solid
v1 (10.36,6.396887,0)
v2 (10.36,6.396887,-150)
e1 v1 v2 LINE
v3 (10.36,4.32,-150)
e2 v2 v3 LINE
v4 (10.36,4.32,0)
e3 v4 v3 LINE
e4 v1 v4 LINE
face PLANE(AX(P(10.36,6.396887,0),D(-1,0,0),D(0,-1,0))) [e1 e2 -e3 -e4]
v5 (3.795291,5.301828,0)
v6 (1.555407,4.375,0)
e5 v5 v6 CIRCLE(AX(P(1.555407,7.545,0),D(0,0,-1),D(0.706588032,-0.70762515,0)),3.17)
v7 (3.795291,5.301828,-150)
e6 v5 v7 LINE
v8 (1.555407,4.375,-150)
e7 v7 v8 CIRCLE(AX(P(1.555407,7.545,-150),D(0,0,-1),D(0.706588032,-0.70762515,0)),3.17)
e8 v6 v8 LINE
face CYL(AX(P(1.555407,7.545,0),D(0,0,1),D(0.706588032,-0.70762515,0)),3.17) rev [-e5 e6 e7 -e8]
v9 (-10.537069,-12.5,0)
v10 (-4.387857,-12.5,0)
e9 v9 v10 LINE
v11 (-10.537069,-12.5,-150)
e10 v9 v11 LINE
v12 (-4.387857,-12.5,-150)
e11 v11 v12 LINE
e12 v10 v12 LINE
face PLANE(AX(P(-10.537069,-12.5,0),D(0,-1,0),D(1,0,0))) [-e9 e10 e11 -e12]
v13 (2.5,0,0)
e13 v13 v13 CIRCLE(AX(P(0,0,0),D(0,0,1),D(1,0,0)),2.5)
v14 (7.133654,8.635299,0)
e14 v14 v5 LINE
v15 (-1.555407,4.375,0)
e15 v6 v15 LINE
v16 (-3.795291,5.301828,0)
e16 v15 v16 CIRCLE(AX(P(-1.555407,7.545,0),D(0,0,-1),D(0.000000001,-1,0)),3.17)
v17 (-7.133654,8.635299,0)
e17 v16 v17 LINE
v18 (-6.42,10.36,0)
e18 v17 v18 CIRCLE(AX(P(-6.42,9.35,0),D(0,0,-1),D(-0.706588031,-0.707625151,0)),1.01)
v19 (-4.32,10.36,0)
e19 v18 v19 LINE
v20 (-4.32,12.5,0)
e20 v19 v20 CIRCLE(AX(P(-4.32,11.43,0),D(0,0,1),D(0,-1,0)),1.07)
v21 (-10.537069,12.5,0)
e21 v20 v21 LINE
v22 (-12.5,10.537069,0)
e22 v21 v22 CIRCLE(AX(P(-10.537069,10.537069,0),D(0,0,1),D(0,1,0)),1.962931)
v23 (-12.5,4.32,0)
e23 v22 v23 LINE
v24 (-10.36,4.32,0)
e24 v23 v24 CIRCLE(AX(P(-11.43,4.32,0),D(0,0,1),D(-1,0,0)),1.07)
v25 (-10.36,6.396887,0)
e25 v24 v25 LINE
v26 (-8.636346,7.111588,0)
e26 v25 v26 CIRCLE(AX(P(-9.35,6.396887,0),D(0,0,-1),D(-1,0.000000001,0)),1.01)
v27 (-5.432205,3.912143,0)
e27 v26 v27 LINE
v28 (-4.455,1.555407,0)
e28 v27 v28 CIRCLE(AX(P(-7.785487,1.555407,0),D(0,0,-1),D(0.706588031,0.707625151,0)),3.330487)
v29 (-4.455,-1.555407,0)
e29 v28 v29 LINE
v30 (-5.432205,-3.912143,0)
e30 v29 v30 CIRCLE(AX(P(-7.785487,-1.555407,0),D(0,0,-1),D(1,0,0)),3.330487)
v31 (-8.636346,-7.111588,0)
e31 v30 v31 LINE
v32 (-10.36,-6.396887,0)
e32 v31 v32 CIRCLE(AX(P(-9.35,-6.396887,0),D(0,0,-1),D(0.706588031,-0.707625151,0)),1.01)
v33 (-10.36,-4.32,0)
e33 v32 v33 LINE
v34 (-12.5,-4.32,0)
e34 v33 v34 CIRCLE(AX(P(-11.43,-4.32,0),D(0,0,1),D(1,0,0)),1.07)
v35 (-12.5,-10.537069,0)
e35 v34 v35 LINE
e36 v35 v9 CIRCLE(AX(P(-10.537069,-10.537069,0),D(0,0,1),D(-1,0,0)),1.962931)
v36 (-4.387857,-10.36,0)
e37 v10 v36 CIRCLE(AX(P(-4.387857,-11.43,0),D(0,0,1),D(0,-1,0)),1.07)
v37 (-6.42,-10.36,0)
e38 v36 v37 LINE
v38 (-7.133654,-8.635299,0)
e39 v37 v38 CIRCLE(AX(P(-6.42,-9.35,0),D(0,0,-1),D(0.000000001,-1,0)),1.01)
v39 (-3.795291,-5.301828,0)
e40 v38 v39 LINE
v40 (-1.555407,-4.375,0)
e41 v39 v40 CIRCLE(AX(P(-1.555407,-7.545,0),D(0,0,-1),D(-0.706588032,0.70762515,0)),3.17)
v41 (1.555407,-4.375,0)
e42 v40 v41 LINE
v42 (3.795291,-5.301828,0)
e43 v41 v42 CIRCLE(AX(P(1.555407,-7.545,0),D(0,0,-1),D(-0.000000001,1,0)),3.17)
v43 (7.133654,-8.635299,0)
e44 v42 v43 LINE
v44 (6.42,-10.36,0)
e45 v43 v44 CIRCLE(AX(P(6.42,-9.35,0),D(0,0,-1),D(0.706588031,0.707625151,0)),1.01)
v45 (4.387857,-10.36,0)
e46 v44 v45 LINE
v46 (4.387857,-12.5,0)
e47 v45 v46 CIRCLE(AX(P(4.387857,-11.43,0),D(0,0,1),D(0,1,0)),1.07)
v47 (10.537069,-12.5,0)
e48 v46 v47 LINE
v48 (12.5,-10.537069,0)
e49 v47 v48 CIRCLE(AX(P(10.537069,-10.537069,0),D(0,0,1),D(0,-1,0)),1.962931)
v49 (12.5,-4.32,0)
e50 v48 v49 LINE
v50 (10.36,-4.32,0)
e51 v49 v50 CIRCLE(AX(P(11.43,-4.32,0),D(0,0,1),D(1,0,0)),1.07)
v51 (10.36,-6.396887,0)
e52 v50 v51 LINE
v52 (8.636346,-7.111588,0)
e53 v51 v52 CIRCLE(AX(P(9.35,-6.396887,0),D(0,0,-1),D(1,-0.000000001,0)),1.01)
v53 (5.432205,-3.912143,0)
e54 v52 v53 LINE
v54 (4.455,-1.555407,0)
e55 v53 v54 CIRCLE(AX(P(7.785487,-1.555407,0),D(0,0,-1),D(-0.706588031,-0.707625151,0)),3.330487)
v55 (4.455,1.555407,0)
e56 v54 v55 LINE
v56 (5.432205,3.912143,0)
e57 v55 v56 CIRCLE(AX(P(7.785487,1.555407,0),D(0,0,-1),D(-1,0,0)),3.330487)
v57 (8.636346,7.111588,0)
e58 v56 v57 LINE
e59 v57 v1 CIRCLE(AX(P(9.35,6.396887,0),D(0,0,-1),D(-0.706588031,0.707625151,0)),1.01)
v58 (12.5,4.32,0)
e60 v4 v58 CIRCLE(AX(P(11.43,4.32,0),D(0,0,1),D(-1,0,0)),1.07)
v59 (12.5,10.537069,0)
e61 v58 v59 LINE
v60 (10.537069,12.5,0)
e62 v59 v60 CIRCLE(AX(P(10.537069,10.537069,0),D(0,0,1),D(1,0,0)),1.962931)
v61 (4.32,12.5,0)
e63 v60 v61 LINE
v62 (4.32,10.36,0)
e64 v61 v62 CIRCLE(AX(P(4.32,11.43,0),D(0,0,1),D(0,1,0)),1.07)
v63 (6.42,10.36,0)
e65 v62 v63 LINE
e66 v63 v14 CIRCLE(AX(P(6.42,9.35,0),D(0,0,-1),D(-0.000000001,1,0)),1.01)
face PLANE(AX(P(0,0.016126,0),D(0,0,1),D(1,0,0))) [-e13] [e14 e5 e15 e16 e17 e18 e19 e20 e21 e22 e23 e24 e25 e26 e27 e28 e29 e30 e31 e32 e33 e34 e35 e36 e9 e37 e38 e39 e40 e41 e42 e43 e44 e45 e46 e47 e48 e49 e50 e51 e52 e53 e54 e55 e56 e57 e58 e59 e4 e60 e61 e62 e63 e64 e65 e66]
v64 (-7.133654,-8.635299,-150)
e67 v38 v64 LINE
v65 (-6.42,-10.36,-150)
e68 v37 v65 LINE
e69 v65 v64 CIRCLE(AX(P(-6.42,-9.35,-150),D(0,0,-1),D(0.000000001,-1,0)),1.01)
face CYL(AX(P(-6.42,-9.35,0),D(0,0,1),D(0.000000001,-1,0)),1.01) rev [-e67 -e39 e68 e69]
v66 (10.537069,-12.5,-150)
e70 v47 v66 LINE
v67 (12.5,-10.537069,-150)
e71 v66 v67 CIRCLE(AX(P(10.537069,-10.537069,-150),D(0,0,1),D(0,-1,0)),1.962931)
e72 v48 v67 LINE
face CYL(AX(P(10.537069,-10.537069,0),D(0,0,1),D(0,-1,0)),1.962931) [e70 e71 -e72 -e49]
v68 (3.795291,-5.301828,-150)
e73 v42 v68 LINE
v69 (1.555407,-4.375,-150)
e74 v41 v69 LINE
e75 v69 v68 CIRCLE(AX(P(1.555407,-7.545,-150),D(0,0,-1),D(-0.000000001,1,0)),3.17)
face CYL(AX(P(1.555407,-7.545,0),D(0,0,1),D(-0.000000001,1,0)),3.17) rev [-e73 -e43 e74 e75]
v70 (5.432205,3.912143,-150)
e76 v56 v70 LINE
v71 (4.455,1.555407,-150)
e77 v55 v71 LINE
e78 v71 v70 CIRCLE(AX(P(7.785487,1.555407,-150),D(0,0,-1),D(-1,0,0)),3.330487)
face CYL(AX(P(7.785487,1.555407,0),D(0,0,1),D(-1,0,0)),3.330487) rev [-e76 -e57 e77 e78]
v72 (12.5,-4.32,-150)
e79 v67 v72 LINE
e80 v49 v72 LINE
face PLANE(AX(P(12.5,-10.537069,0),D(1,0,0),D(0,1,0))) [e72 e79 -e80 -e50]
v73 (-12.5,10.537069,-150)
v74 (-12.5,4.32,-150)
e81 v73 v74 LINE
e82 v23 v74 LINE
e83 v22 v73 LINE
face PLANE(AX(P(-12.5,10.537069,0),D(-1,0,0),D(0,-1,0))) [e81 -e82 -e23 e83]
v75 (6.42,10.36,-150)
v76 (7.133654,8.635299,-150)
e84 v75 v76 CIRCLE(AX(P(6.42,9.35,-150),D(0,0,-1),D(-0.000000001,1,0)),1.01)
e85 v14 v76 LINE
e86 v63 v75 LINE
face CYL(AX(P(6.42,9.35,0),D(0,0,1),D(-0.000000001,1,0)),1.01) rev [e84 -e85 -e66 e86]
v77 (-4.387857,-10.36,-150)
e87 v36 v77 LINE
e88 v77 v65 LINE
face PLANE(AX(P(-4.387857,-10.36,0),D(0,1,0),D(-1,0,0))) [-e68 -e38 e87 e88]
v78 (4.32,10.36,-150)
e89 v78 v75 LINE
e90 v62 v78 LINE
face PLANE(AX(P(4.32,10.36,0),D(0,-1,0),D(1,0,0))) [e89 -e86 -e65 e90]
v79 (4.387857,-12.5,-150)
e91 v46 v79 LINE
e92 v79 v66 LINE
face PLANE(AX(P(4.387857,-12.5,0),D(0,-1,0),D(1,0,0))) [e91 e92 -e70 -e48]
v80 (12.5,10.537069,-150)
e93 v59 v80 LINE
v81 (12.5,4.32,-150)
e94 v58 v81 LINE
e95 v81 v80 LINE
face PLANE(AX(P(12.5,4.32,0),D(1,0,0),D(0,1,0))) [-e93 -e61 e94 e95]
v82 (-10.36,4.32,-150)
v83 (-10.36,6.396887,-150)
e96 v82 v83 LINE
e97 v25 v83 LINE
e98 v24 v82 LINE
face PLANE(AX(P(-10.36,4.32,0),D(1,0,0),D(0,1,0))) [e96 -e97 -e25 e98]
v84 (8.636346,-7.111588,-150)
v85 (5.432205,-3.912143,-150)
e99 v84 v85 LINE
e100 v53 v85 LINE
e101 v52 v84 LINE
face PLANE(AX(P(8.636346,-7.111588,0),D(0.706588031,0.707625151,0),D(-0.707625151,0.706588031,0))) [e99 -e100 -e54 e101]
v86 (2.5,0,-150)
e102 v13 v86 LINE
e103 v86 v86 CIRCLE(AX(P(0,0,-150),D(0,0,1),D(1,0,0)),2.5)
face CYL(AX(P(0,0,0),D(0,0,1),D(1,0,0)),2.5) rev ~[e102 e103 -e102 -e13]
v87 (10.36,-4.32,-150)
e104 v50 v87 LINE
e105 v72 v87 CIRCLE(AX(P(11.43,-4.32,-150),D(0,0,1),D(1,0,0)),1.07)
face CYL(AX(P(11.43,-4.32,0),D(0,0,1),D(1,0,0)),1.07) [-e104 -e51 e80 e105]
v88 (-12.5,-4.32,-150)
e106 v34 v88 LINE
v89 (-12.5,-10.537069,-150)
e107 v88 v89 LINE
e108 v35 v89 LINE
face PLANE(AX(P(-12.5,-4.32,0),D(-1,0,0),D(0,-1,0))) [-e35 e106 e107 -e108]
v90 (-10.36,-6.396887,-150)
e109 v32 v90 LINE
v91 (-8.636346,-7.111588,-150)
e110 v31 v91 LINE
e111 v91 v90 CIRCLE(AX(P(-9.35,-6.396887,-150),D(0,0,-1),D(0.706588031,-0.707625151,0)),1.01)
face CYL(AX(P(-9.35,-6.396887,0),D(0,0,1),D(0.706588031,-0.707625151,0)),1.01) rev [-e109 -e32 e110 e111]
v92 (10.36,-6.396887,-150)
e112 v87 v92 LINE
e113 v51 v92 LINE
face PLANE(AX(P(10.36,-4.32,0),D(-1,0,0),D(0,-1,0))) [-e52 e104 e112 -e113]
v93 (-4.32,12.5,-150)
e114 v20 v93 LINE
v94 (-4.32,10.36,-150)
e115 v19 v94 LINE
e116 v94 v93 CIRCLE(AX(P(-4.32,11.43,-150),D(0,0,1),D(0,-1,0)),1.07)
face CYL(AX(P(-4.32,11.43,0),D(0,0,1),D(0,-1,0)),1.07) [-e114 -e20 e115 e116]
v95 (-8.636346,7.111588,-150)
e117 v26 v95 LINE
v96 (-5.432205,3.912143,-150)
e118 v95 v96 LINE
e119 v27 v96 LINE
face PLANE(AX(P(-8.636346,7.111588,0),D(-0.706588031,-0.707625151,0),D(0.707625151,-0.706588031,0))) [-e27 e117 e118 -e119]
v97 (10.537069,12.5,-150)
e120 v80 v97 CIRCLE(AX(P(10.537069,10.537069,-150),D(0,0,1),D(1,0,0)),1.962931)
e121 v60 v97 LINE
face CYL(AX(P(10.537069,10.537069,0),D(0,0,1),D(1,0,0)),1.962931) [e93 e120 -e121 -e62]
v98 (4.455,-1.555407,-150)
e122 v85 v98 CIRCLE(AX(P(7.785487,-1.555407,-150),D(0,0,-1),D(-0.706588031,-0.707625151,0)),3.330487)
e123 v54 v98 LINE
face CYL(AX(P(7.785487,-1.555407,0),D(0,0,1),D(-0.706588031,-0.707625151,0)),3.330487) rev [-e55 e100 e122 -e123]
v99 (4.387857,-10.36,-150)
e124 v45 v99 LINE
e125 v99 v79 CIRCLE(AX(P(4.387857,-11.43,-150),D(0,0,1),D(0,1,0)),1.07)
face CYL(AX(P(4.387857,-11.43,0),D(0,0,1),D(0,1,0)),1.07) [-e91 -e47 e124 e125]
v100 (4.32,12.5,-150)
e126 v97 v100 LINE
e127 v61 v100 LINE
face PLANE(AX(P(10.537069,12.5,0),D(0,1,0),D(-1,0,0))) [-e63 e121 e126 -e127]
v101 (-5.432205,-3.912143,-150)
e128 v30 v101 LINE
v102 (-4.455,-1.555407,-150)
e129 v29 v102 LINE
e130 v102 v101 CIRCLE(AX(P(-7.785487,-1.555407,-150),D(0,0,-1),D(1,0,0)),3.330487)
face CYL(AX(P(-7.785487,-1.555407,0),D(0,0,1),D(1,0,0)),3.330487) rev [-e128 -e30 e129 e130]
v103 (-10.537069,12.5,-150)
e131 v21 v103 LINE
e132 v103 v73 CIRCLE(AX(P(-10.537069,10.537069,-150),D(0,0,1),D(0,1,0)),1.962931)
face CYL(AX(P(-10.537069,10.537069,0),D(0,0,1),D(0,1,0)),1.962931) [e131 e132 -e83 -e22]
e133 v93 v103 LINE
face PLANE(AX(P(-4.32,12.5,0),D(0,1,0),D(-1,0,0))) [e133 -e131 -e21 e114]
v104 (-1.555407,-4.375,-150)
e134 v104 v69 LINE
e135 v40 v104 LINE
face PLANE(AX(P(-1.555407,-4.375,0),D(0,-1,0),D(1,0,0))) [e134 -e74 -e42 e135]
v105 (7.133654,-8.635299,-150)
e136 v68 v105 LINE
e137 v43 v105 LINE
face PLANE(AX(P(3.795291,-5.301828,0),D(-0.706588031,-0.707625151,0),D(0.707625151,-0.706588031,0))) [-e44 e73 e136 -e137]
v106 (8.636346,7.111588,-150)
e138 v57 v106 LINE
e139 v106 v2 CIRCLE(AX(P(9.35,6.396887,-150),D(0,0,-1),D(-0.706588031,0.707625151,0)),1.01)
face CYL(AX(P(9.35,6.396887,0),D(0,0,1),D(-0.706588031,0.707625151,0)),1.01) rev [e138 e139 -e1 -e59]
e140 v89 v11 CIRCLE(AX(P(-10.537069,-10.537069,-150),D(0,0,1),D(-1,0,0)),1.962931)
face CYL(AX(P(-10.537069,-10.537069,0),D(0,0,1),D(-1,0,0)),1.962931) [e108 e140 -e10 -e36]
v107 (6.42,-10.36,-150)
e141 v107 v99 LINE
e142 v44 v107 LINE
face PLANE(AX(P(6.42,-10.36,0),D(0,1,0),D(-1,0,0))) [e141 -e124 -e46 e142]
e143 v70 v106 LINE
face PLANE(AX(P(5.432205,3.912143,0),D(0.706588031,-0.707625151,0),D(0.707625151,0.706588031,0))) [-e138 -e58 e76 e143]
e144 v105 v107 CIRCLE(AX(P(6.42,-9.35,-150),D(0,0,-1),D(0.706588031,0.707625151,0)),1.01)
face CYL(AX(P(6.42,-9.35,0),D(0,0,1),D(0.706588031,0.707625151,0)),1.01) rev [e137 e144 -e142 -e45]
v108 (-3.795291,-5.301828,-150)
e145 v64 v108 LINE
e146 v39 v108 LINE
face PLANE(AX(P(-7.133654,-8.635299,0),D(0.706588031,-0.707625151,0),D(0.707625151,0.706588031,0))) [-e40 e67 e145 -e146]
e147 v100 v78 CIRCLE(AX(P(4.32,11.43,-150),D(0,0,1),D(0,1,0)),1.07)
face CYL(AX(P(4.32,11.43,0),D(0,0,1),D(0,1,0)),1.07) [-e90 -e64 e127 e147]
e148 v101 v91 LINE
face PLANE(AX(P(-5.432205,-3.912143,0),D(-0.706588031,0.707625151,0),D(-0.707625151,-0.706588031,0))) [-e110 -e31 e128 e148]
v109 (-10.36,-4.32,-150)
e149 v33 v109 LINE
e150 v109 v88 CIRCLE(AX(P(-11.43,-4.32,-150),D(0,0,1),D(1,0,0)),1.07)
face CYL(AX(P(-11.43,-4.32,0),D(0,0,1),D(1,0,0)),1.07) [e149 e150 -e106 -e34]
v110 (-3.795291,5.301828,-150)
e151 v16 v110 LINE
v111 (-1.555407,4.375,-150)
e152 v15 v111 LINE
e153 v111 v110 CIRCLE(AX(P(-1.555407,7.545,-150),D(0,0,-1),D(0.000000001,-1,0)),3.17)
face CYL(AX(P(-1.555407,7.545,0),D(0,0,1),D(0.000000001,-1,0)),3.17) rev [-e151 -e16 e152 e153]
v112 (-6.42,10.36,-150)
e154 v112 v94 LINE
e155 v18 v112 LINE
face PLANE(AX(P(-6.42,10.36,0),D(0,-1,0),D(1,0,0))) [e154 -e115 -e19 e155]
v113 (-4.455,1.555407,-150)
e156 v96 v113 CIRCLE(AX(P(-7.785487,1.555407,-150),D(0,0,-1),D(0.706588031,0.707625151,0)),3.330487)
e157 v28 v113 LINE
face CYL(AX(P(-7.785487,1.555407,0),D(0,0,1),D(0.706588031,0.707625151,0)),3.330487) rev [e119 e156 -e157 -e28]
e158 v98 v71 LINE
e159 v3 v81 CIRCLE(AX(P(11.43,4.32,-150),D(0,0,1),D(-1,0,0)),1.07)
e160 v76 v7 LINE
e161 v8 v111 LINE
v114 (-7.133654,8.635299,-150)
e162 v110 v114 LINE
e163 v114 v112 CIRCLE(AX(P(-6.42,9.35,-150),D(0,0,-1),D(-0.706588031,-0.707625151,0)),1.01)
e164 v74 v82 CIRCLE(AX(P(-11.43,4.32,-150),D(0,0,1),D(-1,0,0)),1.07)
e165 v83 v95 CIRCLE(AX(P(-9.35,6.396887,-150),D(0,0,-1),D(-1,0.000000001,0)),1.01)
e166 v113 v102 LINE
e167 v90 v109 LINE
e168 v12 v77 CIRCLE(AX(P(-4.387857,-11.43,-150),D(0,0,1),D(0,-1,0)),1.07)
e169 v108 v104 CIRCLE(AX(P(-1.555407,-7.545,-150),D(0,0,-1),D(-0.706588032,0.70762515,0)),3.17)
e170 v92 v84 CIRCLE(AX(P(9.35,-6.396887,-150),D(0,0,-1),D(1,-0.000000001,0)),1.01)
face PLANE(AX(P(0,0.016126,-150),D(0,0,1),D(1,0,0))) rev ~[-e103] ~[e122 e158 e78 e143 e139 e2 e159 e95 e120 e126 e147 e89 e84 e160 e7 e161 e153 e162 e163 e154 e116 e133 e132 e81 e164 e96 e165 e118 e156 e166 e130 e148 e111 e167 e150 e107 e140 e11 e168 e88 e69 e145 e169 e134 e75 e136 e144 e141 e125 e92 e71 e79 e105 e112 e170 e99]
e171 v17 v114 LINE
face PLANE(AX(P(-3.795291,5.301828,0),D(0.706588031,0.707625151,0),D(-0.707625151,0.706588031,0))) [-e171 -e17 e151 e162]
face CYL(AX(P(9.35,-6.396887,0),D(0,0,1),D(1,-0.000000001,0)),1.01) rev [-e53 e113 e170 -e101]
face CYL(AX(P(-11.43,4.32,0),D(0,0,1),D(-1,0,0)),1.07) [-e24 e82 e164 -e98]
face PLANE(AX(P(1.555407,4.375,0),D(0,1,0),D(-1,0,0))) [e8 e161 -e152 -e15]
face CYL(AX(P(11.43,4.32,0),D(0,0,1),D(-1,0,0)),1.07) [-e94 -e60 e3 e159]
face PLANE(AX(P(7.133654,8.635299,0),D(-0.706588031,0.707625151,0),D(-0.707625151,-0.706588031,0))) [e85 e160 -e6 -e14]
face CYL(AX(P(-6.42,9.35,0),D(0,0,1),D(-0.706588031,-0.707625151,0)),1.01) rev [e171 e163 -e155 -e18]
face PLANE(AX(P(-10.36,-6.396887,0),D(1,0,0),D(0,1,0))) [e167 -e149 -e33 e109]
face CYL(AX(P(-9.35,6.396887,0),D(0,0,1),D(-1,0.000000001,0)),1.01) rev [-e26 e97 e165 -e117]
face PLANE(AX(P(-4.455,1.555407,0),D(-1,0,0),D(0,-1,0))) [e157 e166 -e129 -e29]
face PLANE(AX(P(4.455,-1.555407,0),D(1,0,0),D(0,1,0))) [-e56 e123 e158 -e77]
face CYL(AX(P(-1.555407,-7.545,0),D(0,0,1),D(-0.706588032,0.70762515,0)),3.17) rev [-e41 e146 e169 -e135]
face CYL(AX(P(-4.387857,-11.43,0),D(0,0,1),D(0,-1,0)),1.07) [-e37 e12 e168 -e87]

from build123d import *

# Parameters (mm, degrees)
SKETCH1_R      = 2.5
EXTRUDE1_DEPTH = 150


with BuildPart() as part:
    # Sketch1 → Extrude1 (new body)
    with BuildSketch(Plane.XY):
        with BuildLine():
            Line((-8.636346088, 7.111588351), (-5.432204773, 3.912143135))
            ThreePointArc((-5.432204773, 3.912143135), (-4.708985779, 2.831057106), (-4.455, 1.555406707))
            Line((-4.455, 1.555406707), (-4.455, -1.555406707))
            ThreePointArc((-4.455, -1.555406707), (-4.708985779, -2.831057106), (-5.432204773, -3.912143135))
            Line((-5.432204773, -3.912143135), (-8.636346088, -7.111588351))
            ThreePointArc((-8.636346088, -7.111588351), (-9.736852394, -7.329863489), (-10.36, -6.396886949))
            Line((-10.36, -6.396886949), (-10.36, -4.32))
            ThreePointArc((-10.36, -4.32), (-11.43, -3.25), (-12.5, -4.32))
            Line((-12.5, -4.32), (-12.5, -8.651801989))
            Line((-12.5, -8.651801989), (-12.5, -10.537068835))
            ThreePointArc((-12.5, -10.537068835), (-11.925070773, -11.925070773), (-10.537068835, -12.5))
            Line((-10.537068835, -12.5), (-8.441567612, -12.5))
            Line((-8.441567612, -12.5), (-4.387856959, -12.5))
            ThreePointArc((-4.387856959, -12.5), (-3.317856959, -11.43), (-4.387856959, -10.36))
            Line((-4.387856959, -10.36), (-6.42, -10.36))
            ThreePointArc((-6.42, -10.36), (-7.35325999, -9.736168088), (-7.133653912, -8.635298598))
            Line((-7.133653912, -8.635298598), (-3.795290766, -5.301828272))
            ThreePointArc((-3.795290766, -5.301828272), (-2.76743922, -4.61585726), (-1.555406707, -4.375))
            Line((-1.555406707, -4.375), (1.555406707, -4.375))
            ThreePointArc((1.555406707, -4.375), (2.76743922, -4.61585726), (3.795290766, -5.301828272))
            Line((3.795290766, -5.301828272), (7.133653912, -8.635298598))
            ThreePointArc((7.133653912, -8.635298598), (7.35325999, -9.736168088), (6.42, -10.36))
            Line((6.42, -10.36), (4.387856959, -10.36))
            ThreePointArc((4.387856959, -10.36), (3.317856959, -11.43), (4.387856959, -12.5))
            Line((4.387856959, -12.5), (8.441567612, -12.5))
            Line((8.441567612, -12.5), (10.537068835, -12.5))
            ThreePointArc((10.537068835, -12.5), (11.925070773, -11.925070773), (12.5, -10.537068835))
            Line((12.5, -10.537068835), (12.5, -8.651801989))
            Line((12.5, -8.651801989), (12.5, -4.32))
            ThreePointArc((12.5, -4.32), (11.43, -3.25), (10.36, -4.32))
            Line((10.36, -4.32), (10.36, -6.396886949))
            ThreePointArc((10.36, -6.396886949), (9.736852394, -7.329863489), (8.636346088, -7.111588351))
            Line((8.636346088, -7.111588351), (5.432204773, -3.912143135))
            ThreePointArc((5.432204773, -3.912143135), (4.708985779, -2.831057106), (4.455, -1.555406707))
            Line((4.455, -1.555406707), (4.455, 1.555406707))
            ThreePointArc((4.455, 1.555406707), (4.708985779, 2.831057106), (5.432204773, 3.912143135))
            Line((5.432204773, 3.912143135), (8.636346088, 7.111588351))
            ThreePointArc((8.636346088, 7.111588351), (9.736852394, 7.329863489), (10.36, 6.396886949))
            Line((10.36, 6.396886949), (10.36, 4.32))
            ThreePointArc((10.36, 4.32), (11.43, 3.25), (12.5, 4.32))
            Line((12.5, 4.32), (12.5, 7.99129648))
            Line((12.5, 7.99129648), (12.5, 10.537068835))
            ThreePointArc((12.5, 10.537068835), (11.925070773, 11.925070773), (10.537068835, 12.5))
            Line((10.537068835, 12.5), (4.32, 12.5))
            ThreePointArc((4.32, 12.5), (3.25, 11.43), (4.32, 10.36))
            Line((4.32, 10.36), (6.42, 10.36))
            ThreePointArc((6.42, 10.36), (7.35325999, 9.736168088), (7.133653912, 8.635298598))
            Line((7.133653912, 8.635298598), (3.795290766, 5.301828272))
            ThreePointArc((3.795290766, 5.301828272), (2.76743922, 4.61585726), (1.555406707, 4.375))
            Line((1.555406707, 4.375), (-1.555406707, 4.375))
            ThreePointArc((-1.555406707, 4.375), (-2.76743922, 4.61585726), (-3.795290766, 5.301828272))
            Line((-3.795290766, 5.301828272), (-7.133653912, 8.635298598))
            ThreePointArc((-7.133653912, 8.635298598), (-7.35325999, 9.736168088), (-6.42, 10.36))
            Line((-6.42, 10.36), (-4.32, 10.36))
            ThreePointArc((-4.32, 10.36), (-3.25, 11.43), (-4.32, 12.5))
            Line((-4.32, 12.5), (-10.537068835, 12.5))
            ThreePointArc((-10.537068835, 12.5), (-11.925070773, 11.925070773), (-12.5, 10.537068835))
            Line((-12.5, 10.537068835), (-12.5, 7.99129648))
            Line((-12.5, 7.99129648), (-12.5, 4.32))
            ThreePointArc((-12.5, 4.32), (-11.43, 3.25), (-10.36, 4.32))
            Line((-10.36, 4.32), (-10.36, 6.396886949))
            ThreePointArc((-10.36, 6.396886949), (-9.736852394, 7.329863489), (-8.636346088, 7.111588351))
        make_face()
        Circle(SKETCH1_R, mode=Mode.SUBTRACT)
    extrude(amount=-EXTRUDE1_DEPTH)


solid = part.part
